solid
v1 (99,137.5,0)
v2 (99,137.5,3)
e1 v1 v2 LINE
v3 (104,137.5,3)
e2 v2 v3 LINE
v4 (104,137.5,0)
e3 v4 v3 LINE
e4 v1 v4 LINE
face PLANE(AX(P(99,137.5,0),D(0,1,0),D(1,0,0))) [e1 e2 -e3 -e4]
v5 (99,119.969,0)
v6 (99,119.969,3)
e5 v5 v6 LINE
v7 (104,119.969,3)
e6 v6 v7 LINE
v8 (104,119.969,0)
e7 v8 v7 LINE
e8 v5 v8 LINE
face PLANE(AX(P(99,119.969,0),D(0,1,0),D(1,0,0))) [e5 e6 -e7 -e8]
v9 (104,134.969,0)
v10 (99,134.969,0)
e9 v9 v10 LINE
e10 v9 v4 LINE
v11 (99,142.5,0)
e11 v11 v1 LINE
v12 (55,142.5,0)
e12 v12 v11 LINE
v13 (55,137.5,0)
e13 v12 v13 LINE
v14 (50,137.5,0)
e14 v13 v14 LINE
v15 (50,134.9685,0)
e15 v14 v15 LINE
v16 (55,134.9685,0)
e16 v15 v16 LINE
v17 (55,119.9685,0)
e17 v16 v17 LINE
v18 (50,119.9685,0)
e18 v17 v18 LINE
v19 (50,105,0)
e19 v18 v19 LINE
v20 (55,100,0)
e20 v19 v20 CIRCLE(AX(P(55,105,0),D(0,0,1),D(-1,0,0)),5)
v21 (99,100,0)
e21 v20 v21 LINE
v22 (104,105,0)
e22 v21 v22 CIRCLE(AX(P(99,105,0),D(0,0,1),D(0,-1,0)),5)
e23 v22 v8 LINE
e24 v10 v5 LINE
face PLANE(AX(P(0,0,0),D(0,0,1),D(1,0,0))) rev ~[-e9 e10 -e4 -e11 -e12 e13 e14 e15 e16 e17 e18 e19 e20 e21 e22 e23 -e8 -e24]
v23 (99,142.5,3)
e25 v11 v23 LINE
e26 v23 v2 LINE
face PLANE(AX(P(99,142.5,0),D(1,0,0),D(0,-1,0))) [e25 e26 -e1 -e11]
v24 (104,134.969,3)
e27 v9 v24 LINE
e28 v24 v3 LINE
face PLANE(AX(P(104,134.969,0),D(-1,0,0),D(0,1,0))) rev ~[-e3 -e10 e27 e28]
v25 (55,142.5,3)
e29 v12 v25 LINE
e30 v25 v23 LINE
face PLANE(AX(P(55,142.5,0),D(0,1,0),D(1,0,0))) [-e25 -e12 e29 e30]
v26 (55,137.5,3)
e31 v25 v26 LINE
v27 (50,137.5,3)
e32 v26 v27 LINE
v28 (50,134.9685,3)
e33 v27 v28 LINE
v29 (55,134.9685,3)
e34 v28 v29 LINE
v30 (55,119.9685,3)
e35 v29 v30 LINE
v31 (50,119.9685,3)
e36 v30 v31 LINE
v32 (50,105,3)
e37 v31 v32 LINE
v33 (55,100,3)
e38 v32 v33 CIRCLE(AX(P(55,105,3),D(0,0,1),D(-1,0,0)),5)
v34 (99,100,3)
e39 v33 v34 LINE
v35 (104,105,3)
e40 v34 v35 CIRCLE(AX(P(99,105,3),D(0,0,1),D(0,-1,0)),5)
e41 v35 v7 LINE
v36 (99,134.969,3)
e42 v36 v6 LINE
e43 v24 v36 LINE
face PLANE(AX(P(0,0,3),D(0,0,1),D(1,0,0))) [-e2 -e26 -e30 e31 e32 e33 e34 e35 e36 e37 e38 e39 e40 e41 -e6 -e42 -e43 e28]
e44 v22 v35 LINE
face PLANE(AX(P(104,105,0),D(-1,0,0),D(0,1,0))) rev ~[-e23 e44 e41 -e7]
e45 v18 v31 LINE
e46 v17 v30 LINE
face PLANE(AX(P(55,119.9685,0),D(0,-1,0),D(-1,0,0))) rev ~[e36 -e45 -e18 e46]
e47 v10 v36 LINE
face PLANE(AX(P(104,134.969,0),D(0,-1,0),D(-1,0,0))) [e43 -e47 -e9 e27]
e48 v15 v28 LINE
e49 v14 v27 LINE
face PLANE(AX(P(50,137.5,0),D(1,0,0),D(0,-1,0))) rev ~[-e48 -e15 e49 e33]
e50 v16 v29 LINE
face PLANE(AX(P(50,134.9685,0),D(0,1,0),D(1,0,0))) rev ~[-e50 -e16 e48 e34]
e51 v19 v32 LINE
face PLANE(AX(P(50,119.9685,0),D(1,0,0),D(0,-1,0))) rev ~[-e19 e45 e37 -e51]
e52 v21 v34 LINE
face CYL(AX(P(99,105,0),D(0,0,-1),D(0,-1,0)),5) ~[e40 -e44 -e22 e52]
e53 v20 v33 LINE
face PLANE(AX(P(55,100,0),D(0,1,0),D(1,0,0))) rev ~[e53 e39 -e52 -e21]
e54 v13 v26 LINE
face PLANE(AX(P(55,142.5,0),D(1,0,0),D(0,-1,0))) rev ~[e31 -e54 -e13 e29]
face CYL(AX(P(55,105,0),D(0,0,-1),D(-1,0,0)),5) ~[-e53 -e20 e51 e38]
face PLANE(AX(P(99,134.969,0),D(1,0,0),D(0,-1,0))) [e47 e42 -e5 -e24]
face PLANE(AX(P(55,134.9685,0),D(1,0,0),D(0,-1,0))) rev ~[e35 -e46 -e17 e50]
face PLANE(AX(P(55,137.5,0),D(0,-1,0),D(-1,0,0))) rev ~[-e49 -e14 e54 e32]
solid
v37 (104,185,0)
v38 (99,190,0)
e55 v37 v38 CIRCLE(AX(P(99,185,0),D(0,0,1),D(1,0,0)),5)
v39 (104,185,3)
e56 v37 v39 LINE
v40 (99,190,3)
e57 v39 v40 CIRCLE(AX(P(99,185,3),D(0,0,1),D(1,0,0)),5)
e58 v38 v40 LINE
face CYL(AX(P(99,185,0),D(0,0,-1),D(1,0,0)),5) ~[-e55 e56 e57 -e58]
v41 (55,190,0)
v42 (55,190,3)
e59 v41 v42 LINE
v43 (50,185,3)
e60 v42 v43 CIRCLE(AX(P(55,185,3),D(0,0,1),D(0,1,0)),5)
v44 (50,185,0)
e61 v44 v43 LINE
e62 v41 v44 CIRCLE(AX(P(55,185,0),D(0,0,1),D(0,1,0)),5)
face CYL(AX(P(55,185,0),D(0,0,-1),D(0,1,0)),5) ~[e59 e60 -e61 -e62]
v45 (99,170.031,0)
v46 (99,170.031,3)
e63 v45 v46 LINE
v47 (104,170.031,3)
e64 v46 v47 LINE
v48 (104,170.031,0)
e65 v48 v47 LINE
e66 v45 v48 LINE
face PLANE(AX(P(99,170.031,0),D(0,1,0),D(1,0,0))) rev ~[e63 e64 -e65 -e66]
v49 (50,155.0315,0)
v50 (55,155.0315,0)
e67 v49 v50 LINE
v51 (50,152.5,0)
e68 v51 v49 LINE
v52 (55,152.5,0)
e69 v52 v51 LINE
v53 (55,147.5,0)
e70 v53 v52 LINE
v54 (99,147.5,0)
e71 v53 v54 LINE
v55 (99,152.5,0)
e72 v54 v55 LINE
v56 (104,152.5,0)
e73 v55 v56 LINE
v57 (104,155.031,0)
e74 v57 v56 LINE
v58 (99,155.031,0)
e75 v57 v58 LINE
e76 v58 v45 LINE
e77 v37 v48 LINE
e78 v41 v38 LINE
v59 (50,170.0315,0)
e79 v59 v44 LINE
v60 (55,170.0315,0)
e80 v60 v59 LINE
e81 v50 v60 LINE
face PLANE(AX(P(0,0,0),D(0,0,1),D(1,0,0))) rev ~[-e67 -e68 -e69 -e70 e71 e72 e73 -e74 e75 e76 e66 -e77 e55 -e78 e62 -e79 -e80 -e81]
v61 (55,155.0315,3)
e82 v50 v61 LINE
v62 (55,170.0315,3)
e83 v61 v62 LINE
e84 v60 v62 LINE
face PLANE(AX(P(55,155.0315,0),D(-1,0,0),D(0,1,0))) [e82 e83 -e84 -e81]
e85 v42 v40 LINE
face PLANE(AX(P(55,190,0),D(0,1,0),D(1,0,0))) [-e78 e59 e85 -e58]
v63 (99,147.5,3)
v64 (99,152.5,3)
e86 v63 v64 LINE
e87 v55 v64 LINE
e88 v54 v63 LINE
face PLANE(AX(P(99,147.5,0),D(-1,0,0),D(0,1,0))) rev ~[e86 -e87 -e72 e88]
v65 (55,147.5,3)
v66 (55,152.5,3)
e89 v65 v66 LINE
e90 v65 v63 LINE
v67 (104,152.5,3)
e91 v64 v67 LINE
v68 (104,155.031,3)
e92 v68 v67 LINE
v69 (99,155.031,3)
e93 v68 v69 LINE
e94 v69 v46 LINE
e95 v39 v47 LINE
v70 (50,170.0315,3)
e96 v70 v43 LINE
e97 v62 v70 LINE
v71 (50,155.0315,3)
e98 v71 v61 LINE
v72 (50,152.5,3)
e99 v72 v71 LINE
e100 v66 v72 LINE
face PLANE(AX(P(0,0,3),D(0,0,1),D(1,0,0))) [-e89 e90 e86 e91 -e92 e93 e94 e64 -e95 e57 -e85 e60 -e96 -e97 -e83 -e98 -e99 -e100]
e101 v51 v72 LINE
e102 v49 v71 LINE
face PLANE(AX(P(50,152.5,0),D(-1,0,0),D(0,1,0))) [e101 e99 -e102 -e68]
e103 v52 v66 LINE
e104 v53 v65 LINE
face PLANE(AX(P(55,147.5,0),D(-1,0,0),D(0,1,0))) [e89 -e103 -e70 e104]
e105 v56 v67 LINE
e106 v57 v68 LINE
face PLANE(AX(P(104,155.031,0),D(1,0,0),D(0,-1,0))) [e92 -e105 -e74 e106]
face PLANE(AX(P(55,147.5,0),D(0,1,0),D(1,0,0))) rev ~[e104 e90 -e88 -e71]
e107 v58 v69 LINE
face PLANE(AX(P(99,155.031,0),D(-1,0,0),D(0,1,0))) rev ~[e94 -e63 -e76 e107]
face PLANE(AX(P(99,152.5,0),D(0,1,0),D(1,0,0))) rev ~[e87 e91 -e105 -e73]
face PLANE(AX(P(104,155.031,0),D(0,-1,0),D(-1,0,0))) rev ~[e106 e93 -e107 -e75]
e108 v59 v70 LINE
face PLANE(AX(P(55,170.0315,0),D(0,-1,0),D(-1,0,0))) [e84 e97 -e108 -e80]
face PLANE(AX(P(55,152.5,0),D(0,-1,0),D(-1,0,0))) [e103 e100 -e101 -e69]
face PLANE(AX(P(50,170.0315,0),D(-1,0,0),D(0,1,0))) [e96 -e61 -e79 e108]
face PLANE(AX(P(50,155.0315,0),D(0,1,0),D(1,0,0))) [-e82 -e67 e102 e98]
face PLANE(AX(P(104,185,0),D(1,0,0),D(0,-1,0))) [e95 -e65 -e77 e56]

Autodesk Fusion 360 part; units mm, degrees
sketch "Sketch1" plane through (0, 0, 0) normal (0, 0, 1) x (1, 0, 0)
  line L0 (55, 190) -> (99, 190)
  arc A0 (55, 190) -> (50, 185) centre (55, 185) ccw
  arc A1 (104, 185) -> (99, 190) centre (99, 185) ccw
  line L1 (55, 147.5) -> (55, 152.5)
  line L2 (55, 152.5) -> (50, 152.5)
  line L3 (50, 155.0315) -> (55, 155.0315)
  line L4 (55, 155.0315) -> (55, 170.0315)
  line L5 (55, 170.0315) -> (50, 170.0315)
  line L6 (99, 147.5) -> (99, 152.5)
  line L7 (99, 152.5) -> (104, 152.5)
  line L8 (104, 155.031) -> (99, 155.031)
  line L9 (99, 155.031) -> (99, 170.031)
  line L10 (99, 170.031) -> (104, 170.031)
  line L11 (55, 147.5) -> (99, 147.5)
  line L12 (50, 170.0315) -> (50, 185)
  line L13 (104, 185) -> (104, 170.031)
  line L14 (104, 155.031) -> (104, 152.5)
  line L15 (50, 152.5) -> (50, 155.0315)
  line L16 (104, 105) -> (104, 119.969)
  line L17 (104, 134.969) -> (99, 134.969)
  line L18 (55, 134.9685) -> (55, 119.9685)
  line L19 (55, 142.5) -> (55, 137.5)
  line L20 (50, 134.9685) -> (55, 134.9685)
  line L21 (99, 142.5) -> (99, 137.5)
  arc A2 (99, 100) -> (104, 105) centre (99, 105) ccw
  line L22 (50, 137.5) -> (50, 134.9685)
  line L23 (50, 119.9685) -> (50, 105)
  line L24 (99, 119.969) -> (104, 119.969)
  line L25 (55, 137.5) -> (50, 137.5)
  line L26 (99, 137.5) -> (104, 137.5)
  line L27 (55, 119.9685) -> (50, 119.9685)
  line L28 (55, 100) -> (99, 100)
  line L29 (104, 134.969) -> (104, 137.5)
  arc A3 (50, 105) -> (55, 100) centre (55, 105) ccw
  line L30 (99, 134.969) -> (99, 119.969)
  line L31 (55, 142.5) -> (99, 142.5)
  point P0 (50, 190)
  point P1 (104, 190)
  point P2 (104, 100)
  point P3 (50, 100)
  dimension "d1" = 54
  dimension "d3" = 5
  dimension "d4" = 5
extrude "Extrude1" add sketch "Sketch1" along normal blind 3 makes body 1 at (84.3333, 113.3125, 0) makes body 2 at (84.3333, 176.6875, 0)
